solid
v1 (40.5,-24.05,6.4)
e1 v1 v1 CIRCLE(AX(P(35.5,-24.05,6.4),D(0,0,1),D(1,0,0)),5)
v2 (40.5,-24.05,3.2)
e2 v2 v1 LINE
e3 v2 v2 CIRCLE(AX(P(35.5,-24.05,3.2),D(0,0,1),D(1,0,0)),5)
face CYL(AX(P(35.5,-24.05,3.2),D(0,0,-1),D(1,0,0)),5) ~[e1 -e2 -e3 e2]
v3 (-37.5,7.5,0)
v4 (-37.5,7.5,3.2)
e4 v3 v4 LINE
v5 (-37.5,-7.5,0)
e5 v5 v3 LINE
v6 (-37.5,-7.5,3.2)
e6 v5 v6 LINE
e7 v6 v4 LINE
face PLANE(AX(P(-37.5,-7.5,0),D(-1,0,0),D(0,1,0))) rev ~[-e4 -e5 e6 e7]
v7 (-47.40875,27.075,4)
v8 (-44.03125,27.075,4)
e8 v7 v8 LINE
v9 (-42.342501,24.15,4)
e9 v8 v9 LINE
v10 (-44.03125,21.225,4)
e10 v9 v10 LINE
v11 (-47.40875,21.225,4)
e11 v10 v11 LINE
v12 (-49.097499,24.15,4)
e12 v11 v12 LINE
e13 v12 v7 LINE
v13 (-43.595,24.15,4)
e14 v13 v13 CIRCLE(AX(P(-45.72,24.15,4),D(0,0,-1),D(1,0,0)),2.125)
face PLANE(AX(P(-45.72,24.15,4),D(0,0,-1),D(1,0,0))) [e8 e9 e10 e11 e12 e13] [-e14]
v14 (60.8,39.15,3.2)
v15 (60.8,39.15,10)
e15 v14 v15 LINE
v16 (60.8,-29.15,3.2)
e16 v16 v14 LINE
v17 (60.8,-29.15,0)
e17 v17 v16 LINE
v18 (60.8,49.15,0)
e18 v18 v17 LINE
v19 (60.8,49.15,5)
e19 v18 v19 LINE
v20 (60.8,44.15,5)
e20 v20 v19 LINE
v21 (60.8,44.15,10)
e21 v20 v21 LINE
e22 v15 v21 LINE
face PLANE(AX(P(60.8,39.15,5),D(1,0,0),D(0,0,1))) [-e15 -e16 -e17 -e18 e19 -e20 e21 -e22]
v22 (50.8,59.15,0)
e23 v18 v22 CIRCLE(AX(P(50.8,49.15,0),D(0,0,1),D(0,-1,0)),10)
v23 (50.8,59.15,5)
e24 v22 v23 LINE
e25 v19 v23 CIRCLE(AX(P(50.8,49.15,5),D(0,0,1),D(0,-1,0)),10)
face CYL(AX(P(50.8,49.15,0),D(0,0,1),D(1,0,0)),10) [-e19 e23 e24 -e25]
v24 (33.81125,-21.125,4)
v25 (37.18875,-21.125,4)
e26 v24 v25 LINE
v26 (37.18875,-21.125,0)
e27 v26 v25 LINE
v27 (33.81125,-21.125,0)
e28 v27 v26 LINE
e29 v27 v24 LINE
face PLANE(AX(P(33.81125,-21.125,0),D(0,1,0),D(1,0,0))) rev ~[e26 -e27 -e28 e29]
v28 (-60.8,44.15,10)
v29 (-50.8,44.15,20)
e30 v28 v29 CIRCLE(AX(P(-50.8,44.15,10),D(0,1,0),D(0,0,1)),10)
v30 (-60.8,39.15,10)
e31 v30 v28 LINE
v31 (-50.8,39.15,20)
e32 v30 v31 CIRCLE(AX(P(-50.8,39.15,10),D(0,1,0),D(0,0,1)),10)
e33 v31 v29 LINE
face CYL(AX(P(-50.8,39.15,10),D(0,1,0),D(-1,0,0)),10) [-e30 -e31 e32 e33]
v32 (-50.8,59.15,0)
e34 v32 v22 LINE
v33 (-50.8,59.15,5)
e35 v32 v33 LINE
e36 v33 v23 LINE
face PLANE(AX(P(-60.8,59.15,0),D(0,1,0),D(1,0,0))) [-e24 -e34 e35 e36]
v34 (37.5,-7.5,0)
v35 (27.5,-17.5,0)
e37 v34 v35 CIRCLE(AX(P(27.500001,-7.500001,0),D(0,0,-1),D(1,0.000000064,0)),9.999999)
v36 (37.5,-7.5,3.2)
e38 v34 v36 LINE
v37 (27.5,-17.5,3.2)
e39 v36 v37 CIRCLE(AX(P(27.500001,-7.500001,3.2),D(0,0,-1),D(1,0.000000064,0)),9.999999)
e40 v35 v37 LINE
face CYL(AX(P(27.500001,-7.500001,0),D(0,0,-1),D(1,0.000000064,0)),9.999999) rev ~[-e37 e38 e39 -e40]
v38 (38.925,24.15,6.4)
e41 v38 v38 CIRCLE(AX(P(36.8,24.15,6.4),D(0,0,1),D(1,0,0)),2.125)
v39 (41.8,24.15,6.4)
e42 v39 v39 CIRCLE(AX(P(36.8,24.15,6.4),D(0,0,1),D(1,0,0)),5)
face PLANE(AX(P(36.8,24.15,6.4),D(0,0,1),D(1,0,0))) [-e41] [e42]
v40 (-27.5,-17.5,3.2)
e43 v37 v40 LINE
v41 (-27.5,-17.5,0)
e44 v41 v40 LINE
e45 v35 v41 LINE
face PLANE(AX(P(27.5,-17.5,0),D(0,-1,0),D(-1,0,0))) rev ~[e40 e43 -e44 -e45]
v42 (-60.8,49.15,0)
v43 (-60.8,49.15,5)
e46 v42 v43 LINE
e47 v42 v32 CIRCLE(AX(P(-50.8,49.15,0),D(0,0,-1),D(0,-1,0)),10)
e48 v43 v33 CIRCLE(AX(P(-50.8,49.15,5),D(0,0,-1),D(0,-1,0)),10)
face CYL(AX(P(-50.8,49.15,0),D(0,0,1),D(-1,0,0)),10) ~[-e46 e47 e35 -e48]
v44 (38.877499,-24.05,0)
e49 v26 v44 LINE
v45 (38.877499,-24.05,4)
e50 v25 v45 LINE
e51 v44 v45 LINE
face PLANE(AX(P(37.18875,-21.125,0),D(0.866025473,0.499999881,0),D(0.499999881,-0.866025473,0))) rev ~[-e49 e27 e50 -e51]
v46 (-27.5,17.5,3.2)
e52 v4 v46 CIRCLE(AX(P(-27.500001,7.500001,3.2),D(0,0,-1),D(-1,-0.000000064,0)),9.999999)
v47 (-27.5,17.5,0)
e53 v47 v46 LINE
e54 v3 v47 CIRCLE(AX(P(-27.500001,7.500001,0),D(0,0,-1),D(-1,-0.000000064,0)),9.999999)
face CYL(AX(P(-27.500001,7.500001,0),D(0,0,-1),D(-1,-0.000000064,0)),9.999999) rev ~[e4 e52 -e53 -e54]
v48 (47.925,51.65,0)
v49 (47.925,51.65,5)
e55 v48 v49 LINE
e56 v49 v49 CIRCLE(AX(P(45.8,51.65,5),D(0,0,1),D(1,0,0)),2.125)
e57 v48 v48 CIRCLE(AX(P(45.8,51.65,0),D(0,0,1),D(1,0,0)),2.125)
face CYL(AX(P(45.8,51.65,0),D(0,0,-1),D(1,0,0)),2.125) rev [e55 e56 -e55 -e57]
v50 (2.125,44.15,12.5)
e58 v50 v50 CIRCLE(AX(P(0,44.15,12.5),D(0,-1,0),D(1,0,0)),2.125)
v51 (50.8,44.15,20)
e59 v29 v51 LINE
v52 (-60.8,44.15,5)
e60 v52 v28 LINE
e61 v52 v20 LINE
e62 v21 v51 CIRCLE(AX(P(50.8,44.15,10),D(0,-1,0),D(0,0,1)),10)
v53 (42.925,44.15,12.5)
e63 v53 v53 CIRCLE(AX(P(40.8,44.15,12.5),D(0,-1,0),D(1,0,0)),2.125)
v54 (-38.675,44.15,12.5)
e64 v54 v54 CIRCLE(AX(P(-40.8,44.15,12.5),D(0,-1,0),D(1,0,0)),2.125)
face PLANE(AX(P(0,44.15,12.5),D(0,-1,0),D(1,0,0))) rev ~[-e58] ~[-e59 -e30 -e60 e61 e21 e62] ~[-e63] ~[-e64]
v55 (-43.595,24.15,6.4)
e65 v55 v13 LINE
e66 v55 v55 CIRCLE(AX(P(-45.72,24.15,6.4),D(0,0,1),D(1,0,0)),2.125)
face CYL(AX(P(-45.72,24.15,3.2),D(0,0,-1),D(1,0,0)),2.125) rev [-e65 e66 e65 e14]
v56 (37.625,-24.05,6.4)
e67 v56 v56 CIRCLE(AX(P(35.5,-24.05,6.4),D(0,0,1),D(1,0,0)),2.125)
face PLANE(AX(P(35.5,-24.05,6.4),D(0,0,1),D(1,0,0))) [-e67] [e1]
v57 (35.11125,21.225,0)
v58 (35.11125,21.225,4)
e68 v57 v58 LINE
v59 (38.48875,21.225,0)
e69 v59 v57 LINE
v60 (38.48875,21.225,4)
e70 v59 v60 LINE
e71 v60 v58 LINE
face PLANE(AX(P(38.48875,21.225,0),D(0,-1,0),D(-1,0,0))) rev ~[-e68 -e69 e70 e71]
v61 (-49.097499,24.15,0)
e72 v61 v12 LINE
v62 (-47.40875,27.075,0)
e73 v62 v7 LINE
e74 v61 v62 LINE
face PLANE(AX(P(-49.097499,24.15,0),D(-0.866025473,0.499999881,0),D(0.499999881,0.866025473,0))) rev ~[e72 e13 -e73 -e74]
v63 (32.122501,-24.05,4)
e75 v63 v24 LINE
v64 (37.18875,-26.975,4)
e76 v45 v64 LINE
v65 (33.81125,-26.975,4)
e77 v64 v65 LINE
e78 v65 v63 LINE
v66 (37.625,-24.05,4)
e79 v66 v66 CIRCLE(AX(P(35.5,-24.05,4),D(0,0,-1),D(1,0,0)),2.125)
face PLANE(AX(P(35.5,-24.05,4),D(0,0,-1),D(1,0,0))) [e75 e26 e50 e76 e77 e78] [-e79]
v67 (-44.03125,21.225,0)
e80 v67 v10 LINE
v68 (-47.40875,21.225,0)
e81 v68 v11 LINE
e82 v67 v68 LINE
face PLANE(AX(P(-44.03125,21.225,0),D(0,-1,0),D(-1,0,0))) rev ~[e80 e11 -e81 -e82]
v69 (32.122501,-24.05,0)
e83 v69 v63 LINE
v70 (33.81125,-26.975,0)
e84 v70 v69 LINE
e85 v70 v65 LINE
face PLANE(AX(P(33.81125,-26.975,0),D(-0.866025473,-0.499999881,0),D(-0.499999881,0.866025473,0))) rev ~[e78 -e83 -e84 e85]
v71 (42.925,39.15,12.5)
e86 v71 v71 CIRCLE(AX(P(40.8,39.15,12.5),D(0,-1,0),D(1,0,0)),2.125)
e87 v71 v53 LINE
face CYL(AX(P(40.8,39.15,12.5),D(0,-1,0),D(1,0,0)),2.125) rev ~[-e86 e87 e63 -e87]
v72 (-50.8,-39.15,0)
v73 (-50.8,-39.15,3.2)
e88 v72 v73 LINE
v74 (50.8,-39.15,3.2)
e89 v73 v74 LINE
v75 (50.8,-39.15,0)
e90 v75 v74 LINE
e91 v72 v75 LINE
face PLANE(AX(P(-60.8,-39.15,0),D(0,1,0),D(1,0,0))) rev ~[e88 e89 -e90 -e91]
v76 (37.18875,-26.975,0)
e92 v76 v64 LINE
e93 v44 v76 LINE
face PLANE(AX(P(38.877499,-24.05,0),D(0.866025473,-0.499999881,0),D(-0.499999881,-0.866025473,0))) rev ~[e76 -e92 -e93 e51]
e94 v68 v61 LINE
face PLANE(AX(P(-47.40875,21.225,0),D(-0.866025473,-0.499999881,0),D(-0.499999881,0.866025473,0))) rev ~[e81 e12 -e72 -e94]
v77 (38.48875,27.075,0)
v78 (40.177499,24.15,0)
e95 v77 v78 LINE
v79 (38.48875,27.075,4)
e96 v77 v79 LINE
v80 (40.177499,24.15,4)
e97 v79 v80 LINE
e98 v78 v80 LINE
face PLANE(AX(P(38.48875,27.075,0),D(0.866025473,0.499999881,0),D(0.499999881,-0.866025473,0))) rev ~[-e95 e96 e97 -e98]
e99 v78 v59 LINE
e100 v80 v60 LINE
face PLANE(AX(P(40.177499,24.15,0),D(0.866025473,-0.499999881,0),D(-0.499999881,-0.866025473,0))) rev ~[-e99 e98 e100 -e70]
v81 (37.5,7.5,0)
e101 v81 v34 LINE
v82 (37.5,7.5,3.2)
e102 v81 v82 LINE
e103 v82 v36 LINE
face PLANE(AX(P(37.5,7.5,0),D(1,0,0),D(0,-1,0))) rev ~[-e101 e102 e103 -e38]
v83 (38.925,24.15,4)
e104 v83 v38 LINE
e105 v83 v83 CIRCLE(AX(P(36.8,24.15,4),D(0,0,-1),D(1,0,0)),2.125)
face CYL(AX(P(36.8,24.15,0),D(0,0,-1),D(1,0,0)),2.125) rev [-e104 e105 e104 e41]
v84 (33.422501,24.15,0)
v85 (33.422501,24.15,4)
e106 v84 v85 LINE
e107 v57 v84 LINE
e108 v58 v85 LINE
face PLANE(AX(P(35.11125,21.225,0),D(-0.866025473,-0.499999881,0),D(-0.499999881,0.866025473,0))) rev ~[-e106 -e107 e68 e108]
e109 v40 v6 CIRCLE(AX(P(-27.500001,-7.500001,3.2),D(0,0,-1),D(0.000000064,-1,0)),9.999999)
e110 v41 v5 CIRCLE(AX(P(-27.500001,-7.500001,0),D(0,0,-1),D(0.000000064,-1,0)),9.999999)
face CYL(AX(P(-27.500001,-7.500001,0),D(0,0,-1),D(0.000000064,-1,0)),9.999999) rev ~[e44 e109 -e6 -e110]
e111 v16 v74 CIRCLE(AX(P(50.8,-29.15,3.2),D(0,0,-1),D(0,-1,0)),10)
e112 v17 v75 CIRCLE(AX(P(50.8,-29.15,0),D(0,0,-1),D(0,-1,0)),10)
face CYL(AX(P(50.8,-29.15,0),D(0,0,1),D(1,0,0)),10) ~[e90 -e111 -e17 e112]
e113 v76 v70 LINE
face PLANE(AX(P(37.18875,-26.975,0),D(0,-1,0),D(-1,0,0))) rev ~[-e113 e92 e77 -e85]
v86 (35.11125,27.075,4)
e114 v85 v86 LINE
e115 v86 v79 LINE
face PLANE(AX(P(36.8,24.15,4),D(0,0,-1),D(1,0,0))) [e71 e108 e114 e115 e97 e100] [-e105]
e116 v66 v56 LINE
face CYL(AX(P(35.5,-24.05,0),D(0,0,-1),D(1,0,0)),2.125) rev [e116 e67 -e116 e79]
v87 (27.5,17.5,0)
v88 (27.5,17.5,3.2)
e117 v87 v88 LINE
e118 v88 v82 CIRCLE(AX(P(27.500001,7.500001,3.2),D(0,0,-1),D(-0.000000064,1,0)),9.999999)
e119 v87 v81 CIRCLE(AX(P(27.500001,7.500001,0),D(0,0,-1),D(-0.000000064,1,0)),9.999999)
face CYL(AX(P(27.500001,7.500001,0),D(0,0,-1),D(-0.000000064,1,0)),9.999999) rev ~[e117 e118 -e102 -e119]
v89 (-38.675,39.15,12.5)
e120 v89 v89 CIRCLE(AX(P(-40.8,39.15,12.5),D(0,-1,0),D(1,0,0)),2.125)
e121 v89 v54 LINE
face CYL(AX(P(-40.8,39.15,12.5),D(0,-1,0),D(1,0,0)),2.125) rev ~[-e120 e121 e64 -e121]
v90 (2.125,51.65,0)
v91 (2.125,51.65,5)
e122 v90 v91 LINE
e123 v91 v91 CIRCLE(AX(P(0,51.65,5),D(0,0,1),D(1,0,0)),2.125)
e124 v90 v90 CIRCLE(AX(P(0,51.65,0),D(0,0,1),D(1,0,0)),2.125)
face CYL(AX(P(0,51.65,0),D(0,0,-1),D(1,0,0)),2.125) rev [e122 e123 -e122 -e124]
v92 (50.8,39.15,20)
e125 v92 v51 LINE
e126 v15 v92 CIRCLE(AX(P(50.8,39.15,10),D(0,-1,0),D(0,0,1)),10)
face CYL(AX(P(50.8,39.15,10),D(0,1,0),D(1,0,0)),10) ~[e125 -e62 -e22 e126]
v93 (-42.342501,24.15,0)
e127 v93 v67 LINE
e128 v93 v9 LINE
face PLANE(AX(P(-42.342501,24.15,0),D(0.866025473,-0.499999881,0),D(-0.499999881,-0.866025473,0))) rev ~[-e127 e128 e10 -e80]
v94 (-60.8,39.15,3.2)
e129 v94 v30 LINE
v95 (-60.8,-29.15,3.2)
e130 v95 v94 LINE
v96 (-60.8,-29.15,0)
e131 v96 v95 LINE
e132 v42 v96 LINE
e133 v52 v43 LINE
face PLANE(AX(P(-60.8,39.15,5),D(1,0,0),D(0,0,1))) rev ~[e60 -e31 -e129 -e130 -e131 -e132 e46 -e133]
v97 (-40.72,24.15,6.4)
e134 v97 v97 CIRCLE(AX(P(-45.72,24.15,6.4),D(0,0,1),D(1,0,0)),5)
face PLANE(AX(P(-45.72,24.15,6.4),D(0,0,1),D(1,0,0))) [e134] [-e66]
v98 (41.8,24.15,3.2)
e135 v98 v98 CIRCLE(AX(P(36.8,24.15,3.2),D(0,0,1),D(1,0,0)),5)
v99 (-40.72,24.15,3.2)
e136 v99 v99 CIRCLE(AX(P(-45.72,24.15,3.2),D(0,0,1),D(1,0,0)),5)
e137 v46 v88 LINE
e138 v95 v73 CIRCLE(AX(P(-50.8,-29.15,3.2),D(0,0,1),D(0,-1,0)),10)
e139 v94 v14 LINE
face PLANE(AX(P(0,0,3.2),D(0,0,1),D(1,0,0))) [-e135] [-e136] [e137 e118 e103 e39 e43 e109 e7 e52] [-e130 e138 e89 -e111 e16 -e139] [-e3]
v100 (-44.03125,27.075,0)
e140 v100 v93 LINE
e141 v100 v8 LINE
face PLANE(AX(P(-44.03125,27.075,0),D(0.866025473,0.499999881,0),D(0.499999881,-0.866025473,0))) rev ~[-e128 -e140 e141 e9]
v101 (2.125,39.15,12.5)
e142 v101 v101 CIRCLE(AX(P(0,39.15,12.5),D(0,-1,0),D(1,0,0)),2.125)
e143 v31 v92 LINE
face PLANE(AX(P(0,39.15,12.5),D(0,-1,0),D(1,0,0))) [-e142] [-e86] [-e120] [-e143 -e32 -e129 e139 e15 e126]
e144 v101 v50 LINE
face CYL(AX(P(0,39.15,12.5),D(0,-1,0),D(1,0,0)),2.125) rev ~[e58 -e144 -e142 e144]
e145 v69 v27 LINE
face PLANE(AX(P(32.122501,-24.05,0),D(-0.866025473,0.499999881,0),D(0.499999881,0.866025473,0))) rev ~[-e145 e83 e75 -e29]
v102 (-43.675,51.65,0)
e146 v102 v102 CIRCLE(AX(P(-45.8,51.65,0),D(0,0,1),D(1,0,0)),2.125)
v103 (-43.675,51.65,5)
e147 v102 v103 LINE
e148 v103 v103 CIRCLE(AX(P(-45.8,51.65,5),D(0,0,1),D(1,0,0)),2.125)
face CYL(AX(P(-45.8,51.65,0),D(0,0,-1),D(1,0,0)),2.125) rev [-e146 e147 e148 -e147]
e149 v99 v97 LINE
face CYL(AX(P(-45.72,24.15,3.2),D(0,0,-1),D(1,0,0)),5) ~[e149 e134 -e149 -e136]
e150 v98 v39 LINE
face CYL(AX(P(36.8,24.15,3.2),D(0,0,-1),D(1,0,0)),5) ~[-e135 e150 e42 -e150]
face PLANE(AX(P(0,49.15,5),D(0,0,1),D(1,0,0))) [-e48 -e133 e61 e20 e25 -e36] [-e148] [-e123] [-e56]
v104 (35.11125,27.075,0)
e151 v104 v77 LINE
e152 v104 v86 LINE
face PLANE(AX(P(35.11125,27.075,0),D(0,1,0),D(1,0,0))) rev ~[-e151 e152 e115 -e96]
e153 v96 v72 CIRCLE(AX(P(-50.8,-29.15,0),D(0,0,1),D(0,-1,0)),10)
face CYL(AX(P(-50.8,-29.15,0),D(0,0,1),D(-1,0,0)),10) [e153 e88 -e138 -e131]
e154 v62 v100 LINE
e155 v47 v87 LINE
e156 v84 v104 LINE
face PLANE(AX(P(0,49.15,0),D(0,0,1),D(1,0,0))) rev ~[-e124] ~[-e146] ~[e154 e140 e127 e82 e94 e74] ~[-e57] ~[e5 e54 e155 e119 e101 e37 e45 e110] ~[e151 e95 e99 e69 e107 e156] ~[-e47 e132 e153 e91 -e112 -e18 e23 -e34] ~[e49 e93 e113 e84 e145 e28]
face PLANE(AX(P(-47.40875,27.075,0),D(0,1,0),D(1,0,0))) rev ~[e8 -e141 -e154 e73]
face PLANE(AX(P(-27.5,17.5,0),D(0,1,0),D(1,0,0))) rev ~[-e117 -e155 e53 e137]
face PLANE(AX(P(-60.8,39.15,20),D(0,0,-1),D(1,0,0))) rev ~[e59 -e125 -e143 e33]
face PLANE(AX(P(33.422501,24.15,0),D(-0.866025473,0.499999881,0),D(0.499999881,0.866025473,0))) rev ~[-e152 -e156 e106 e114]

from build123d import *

# Parameters (mm, degrees)
F0_W     = 121.6
F0_H     = 78.3
F0_R     = 2.125
F1_DEPTH = 3.2
F2_R     = 5
F2_R_2   = 2.125
F3_DEPTH = 3.2
F5_DEPTH = 4
F6_W     = 121.6
F6_H     = 20
F6_R     = 2.125
F7_DEPTH = 5
F8_W     = 121.6
F8_H     = 15
F8_R     = 2.125
F9_DEPTH = 5
F10_R    = 10


with BuildPart() as f1:
    # F0 (on Top) → F1 (new body)
    with BuildSketch(Plane.XY):
        Rectangle(F0_W, F0_H)
        with Locations((35.5, -24.05)):
            Circle(F0_R, mode=Mode.SUBTRACT)
        with BuildLine():
            ThreePointArc((37.5, -7.5), (34.571068, -14.571068), (27.5, -17.5))
            Line((27.5, -17.5), (-27.5, -17.5))
            ThreePointArc((-27.5, -17.5), (-34.571068, -14.571068), (-37.5, -7.5))
            Line((-37.5, -7.5), (-37.5, 7.5))
            ThreePointArc((-37.5, 7.5), (-34.571068, 14.571068), (-27.5, 17.5))
            Line((-27.5, 17.5), (27.5, 17.5))
            ThreePointArc((27.5, 17.5), (34.571068, 14.571068), (37.5, 7.5))
            Line((37.5, 7.5), (37.5, -7.5))
        make_face(mode=Mode.SUBTRACT)
        with Locations((-45.72, 24.15)):
            Circle(F0_R, mode=Mode.SUBTRACT)
        with Locations((36.8, 24.15)):
            Circle(F0_R, mode=Mode.SUBTRACT)
    extrude(amount=F1_DEPTH)

    # F2 (on face) → F3 (join)
    with BuildSketch(Plane.XY.offset(3.2)):
        with Locations((-45.72, 24.15)):
            Circle(F2_R)
        with Locations((-45.72, 24.15)):
            Circle(F2_R_2, mode=Mode.SUBTRACT)
        with Locations((36.8, 24.15)):
            Circle(F2_R)
        with Locations((36.8, 24.15)):
            Circle(F2_R_2, mode=Mode.SUBTRACT)
        with Locations((35.5, -24.05)):
            Circle(F2_R)
        with Locations((35.5, -24.05)):
            Circle(F2_R_2, mode=Mode.SUBTRACT)
    extrude(amount=F3_DEPTH)

    # F4 (on face) → F5 (cut)
    with BuildSketch(Plane(origin=(0, 0, 0), x_dir=(1, 0, 0), z_dir=(0, 0, -1))):
        Polygon((-44.03125, -21.225), (-47.40875, -21.225), (-49.097499, -24.15), (-47.40875, -27.075), (-44.03125, -27.075), (-42.342501, -24.15), align=None)
        Polygon((38.48875, -21.225), (35.11125, -21.225), (33.422501, -24.15), (35.11125, -27.075), (38.48875, -27.075), (40.177499, -24.15), align=None)
        Polygon((33.81125, 21.125), (37.18875, 21.125), (38.877499, 24.05), (37.18875, 26.975), (33.81125, 26.975), (32.122501, 24.05), align=None)
    extrude(amount=-F5_DEPTH, mode=Mode.SUBTRACT)

    # F6 (on Top) → F7 (join)
    with BuildSketch(Plane.XY):
        with Locations((0, 49.15)):
            Rectangle(F6_W, F6_H)
        with Locations((-45.8, 51.65)):
            Circle(F6_R, mode=Mode.SUBTRACT)
        with Locations((0, 51.65)):
            Circle(F6_R, mode=Mode.SUBTRACT)
        with Locations((45.8, 51.65)):
            Circle(F6_R, mode=Mode.SUBTRACT)
    extrude(amount=F7_DEPTH)

    # F8 (on face) → F9 (join)
    with BuildSketch(Plane.XZ.offset(-39.15)):
        with Locations((0, 12.5)):
            Rectangle(F8_W, F8_H)
        with Locations((-40.8, 12.5)):
            Circle(F8_R, mode=Mode.SUBTRACT)
        with Locations((0, 12.5)):
            Circle(F8_R, mode=Mode.SUBTRACT)
        with Locations((40.8, 12.5)):
            Circle(F8_R, mode=Mode.SUBTRACT)
    extrude(amount=-F9_DEPTH)

    # F10
    f10_edges = [f1.edges().sort_by_distance(p)[0] for p in [
        (60.8, -39.15, 1.6),
        (-60.8, -39.15, 1.6),
        (-60.8, 59.15, 2.5),
        (-60.8, 41.65, 20),
        (60.8, 41.65, 20),
        (60.8, 59.15, 2.5),
    ]]
    fillet(f10_edges, radius=F10_R)


solid = f1.part
